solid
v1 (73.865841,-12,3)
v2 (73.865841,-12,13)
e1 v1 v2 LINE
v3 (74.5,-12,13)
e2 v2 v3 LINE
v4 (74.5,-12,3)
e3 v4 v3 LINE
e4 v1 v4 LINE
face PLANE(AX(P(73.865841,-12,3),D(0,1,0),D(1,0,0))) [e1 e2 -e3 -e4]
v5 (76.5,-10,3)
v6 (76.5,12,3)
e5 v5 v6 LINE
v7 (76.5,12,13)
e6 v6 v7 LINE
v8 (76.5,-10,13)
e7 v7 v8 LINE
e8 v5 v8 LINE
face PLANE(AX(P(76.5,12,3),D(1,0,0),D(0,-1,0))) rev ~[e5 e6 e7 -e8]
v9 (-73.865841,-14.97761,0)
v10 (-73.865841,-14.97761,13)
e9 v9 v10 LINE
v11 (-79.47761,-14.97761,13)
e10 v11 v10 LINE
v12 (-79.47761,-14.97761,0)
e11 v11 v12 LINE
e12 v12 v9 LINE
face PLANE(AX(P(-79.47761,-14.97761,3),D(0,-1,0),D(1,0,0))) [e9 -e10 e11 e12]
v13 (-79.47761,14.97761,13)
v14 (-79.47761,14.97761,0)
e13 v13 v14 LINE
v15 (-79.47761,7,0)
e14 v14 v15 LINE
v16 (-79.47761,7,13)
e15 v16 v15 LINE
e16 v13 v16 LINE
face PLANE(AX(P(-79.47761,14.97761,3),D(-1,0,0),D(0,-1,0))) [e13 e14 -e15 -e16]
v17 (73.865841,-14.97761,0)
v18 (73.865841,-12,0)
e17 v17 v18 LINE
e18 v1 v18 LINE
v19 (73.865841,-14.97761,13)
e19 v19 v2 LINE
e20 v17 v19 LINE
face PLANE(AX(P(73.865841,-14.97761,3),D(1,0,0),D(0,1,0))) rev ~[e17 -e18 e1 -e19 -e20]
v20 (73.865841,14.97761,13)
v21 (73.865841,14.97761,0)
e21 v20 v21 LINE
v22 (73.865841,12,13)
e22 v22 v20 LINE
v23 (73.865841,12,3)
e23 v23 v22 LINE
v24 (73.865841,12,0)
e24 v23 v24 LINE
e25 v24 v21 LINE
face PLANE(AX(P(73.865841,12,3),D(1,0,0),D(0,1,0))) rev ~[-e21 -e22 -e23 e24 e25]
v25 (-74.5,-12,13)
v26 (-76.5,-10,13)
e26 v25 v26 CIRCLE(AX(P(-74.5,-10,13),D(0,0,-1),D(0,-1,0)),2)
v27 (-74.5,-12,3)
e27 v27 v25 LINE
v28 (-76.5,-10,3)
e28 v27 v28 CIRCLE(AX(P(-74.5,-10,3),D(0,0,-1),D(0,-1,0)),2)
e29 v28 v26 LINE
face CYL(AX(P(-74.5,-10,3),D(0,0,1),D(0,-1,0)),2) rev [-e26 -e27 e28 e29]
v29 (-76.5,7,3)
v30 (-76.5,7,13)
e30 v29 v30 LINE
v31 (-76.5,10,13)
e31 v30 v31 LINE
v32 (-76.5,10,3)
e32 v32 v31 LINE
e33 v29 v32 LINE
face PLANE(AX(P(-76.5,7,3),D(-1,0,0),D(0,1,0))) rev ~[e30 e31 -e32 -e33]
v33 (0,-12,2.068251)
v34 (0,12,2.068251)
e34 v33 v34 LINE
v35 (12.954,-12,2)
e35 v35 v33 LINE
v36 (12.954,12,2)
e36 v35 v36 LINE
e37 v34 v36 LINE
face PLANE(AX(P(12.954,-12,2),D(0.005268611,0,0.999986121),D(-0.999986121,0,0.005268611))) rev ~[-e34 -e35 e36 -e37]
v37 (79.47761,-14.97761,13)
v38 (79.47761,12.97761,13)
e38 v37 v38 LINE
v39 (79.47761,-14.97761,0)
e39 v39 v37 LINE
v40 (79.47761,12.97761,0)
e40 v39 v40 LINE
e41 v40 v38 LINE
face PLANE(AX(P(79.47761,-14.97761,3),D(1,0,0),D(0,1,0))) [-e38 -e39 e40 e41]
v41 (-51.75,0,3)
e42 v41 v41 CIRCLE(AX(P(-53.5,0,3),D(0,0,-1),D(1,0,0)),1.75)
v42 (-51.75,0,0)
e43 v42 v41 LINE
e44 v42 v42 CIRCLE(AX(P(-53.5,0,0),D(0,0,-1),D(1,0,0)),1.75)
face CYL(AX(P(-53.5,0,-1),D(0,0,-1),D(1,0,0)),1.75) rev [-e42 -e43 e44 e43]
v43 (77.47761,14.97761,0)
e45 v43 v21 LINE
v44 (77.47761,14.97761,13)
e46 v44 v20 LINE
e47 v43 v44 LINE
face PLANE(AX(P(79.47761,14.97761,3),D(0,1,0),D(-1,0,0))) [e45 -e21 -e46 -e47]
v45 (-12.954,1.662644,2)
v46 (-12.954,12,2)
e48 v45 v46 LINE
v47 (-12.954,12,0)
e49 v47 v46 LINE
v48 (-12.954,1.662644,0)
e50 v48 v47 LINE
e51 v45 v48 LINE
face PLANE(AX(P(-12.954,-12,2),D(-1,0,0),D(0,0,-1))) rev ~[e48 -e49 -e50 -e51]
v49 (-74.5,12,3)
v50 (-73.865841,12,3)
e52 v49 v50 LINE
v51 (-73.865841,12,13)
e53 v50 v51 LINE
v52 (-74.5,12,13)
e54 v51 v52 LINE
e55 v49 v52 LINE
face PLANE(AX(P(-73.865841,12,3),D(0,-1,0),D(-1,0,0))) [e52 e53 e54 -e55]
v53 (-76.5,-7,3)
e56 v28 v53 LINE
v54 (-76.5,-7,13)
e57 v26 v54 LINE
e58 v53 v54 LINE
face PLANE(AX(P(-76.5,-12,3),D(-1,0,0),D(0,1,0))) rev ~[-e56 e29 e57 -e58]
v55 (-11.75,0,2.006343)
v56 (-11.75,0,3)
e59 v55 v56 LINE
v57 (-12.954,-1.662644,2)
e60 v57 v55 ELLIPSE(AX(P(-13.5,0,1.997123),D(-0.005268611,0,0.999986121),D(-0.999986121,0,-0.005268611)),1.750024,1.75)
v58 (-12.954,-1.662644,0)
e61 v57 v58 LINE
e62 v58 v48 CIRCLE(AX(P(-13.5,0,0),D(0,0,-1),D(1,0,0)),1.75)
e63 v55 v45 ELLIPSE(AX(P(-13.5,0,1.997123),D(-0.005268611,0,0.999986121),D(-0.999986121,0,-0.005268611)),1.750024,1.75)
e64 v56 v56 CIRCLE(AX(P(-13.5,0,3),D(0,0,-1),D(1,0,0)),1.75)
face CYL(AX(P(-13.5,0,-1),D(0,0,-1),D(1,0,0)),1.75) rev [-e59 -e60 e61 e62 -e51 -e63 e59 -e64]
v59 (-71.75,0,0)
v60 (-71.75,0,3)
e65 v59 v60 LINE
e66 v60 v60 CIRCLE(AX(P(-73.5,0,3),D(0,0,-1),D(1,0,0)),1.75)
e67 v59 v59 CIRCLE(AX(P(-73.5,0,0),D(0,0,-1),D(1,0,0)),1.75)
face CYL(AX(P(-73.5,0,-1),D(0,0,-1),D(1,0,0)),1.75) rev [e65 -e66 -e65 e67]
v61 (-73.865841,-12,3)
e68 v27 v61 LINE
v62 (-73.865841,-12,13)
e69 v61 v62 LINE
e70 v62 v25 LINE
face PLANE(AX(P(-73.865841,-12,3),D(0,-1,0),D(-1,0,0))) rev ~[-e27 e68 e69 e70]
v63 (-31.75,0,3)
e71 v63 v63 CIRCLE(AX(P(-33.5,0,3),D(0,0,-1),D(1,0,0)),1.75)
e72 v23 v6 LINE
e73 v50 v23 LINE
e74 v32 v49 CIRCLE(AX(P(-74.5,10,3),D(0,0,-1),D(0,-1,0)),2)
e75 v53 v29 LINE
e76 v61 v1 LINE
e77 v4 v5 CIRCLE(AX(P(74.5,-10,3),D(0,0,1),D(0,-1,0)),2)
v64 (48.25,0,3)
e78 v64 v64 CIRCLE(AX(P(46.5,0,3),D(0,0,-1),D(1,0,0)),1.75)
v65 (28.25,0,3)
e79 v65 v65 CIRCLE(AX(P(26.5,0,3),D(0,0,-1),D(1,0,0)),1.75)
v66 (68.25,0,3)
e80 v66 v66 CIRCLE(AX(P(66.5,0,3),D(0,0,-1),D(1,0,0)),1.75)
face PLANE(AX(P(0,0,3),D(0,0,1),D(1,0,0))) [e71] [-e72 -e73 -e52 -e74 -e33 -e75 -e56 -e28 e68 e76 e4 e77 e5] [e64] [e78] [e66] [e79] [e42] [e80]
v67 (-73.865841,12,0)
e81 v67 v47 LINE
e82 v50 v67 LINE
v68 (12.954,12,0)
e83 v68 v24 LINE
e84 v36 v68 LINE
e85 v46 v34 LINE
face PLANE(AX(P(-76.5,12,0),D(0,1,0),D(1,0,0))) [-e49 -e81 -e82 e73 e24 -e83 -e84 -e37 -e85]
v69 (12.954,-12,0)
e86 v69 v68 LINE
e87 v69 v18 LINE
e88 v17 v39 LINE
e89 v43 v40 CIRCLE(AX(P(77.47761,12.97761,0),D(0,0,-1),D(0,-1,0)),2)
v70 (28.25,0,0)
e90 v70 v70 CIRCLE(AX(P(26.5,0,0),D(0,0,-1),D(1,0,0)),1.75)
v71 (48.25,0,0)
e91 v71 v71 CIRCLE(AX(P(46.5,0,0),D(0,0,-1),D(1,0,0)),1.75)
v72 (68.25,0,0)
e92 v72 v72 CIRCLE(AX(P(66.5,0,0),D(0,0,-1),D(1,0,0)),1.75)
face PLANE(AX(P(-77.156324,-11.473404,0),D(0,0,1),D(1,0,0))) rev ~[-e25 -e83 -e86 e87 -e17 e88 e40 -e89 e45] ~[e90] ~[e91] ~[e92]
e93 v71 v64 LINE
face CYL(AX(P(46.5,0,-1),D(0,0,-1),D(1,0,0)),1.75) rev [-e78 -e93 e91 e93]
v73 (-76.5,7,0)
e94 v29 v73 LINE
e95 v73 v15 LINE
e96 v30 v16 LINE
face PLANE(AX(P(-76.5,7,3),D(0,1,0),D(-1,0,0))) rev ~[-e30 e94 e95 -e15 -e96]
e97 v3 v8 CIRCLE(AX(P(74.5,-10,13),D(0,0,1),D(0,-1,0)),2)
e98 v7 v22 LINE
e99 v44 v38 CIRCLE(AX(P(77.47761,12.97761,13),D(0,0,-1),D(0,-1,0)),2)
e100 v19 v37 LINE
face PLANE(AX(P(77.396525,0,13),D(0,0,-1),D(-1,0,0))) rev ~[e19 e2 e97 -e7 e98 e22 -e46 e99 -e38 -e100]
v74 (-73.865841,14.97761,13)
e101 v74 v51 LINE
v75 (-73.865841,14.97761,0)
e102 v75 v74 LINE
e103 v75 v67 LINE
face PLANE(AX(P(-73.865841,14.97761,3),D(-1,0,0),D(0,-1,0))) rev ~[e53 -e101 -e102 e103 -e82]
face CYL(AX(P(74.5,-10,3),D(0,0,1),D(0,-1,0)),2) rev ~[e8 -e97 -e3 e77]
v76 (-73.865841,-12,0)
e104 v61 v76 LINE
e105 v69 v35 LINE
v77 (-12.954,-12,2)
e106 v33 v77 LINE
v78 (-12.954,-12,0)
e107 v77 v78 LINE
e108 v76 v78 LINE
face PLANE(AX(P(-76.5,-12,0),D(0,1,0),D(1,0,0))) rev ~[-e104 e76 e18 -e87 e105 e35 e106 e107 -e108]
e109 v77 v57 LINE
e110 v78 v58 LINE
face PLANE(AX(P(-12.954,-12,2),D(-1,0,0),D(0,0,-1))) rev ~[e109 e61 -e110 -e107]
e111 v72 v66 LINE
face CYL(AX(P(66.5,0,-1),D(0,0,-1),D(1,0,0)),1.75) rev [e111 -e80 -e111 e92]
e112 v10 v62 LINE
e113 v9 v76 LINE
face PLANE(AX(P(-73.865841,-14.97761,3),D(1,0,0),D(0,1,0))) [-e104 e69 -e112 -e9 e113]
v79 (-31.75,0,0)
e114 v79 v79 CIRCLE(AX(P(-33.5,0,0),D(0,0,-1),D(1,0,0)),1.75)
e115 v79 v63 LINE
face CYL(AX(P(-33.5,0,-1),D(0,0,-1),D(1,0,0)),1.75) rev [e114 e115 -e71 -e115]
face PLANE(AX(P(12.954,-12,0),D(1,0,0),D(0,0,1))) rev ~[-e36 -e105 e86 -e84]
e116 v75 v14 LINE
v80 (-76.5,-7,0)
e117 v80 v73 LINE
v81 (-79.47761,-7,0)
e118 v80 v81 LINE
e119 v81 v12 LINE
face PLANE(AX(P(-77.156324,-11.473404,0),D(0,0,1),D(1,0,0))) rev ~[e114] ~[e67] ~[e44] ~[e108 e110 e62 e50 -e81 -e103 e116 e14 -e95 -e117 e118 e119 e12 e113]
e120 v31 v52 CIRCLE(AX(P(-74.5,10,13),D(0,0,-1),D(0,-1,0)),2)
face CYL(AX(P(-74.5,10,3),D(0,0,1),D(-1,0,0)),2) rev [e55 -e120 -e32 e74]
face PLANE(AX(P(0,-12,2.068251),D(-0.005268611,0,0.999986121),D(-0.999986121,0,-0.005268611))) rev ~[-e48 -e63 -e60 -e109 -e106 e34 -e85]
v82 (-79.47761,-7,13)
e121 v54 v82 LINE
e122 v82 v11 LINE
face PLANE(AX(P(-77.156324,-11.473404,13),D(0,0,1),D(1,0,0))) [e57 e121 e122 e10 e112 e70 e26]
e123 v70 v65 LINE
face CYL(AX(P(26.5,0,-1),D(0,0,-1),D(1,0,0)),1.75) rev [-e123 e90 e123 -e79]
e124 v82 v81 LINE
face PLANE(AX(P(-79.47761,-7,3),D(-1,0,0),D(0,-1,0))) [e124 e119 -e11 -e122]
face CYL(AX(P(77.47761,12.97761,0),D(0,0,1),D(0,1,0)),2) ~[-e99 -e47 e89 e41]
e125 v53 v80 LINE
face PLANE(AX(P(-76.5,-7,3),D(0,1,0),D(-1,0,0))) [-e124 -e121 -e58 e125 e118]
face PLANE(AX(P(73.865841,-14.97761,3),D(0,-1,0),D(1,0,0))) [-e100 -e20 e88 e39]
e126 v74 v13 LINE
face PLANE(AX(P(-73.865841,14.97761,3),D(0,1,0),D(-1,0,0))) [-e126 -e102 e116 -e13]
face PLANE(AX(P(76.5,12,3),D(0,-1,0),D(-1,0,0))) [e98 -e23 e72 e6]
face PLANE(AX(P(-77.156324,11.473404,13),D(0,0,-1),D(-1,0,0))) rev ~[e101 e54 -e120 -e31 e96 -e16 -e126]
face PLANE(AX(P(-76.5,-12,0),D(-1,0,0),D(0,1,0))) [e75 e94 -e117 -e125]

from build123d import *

# Parameters (mm, degrees)
SKETCH1_W                = 153
SKETCH1_H                = 24
BOSS_EXTRUDE1_DEPTH      = 3
BOSS_EXTRUDE2_DEPTH      = 10
BOSS_EXTRUDE2_DEPTH_BACK = 3
CUT_EXTRUDE1_DEPTH       = 3.977609852
CUT_EXTRUDE1_DEPTH_BACK  = 27.977609852
CUT_EXTRUDE2_START       = -4
SKETCH5_R                = 1.75
CUT_EXTRUDE2_DEPTH       = 15
FILLET1_R                = 2
LPATTERN1_COUNT          = 8
LPATTERN1_PITCH          = 20


with BuildPart() as part:
    # Sketch1 → Boss-Extrude1 (new body)
    with BuildSketch(Plane.XY):
        Rectangle(SKETCH1_W, SKETCH1_H)
    extrude(amount=BOSS_EXTRUDE1_DEPTH)

    # Sketch3 → Boss-Extrude2 (add, two sides)
    with BuildSketch(Plane.XY.offset(3)) as boss_extrude2_sk:
        Polygon((-79.477609852, -9.365840911), (-79.477609852, -12.365840911), (-79.477609852, -14.977609852), (-76.865840911, -14.977609852), (-73.865840911, -14.977609852), (-73.865840911, -12), (-76.5, -12), (-76.5, -9.365840911), (-76.5, -7), (-79.477609852, -7), align=None)
        Polygon((-73.865840911, 14.977609852), (-73.865840911, 12), (-76.5, 12), (-76.5, 9.365840911), (-76.5, 7), (-79.477609852, 7), (-79.477609852, 9.365840911), (-79.477609852, 12.365840911), (-79.477609852, 14.977609852), (-76.865840911, 14.977609852), align=None)
        Polygon((79.477609852, 9.365840911), (79.477609852, -9.365840911), (79.477609852, -12.365840911), (79.477609852, -14.977609852), (76.865840911, -14.977609852), (73.865840911, -14.977609852), (73.865840911, -12), (76.5, -12), (76.5, -9.365840911), (76.5, 9.365840911), (76.5, 12), (73.865840911, 12), (73.865840911, 14.977609852), (76.865840911, 14.977609852), (79.477609852, 14.977609852), (79.477609852, 12.365840911), align=None)
    extrude(amount=BOSS_EXTRUDE2_DEPTH)
    extrude(boss_extrude2_sk.sketch, amount=-BOSS_EXTRUDE2_DEPTH_BACK)

    # Sketch4 → Cut-Extrude1 (cut, two sides)
    with BuildSketch(Plane.XZ.offset(12)) as cut_extrude1_sk:
        Polygon((-12.954, 2), (-12.954, 0), (12.954, 0), (12.954, 2), (0, 2.06825053), align=None)
    extrude(amount=CUT_EXTRUDE1_DEPTH, mode=Mode.SUBTRACT)
    extrude(cut_extrude1_sk.sketch, amount=-CUT_EXTRUDE1_DEPTH_BACK, mode=Mode.SUBTRACT)

    # Sketch5 → Cut-Extrude2 (cut)
    with BuildSketch(Plane.XY.offset(3).offset(CUT_EXTRUDE2_START)):
        with Locations((-73.5, 0)):
            Circle(SKETCH5_R)
    cut_extrude2 = extrude(amount=CUT_EXTRUDE2_DEPTH, mode=Mode.SUBTRACT)

    # Fillet1
    fillet1_edges = [part.edges().sort_by_distance(p)[0] for p in [
        (-76.5, 12, 8),
        (-76.5, -12, 8),
        (76.5, -12, 8),
        (79.477609852, 14.977609852, 6.5),
    ]]
    fillet(fillet1_edges, radius=FILLET1_R)

    # LPattern1: Cut-Extrude2 ×8, 1 skipped
    with Locations(*[(i * LPATTERN1_PITCH, 0, 0) for i in range(1, LPATTERN1_COUNT) if i not in (4,)]):
        add(cut_extrude2, mode=Mode.SUBTRACT)


solid = part.part
